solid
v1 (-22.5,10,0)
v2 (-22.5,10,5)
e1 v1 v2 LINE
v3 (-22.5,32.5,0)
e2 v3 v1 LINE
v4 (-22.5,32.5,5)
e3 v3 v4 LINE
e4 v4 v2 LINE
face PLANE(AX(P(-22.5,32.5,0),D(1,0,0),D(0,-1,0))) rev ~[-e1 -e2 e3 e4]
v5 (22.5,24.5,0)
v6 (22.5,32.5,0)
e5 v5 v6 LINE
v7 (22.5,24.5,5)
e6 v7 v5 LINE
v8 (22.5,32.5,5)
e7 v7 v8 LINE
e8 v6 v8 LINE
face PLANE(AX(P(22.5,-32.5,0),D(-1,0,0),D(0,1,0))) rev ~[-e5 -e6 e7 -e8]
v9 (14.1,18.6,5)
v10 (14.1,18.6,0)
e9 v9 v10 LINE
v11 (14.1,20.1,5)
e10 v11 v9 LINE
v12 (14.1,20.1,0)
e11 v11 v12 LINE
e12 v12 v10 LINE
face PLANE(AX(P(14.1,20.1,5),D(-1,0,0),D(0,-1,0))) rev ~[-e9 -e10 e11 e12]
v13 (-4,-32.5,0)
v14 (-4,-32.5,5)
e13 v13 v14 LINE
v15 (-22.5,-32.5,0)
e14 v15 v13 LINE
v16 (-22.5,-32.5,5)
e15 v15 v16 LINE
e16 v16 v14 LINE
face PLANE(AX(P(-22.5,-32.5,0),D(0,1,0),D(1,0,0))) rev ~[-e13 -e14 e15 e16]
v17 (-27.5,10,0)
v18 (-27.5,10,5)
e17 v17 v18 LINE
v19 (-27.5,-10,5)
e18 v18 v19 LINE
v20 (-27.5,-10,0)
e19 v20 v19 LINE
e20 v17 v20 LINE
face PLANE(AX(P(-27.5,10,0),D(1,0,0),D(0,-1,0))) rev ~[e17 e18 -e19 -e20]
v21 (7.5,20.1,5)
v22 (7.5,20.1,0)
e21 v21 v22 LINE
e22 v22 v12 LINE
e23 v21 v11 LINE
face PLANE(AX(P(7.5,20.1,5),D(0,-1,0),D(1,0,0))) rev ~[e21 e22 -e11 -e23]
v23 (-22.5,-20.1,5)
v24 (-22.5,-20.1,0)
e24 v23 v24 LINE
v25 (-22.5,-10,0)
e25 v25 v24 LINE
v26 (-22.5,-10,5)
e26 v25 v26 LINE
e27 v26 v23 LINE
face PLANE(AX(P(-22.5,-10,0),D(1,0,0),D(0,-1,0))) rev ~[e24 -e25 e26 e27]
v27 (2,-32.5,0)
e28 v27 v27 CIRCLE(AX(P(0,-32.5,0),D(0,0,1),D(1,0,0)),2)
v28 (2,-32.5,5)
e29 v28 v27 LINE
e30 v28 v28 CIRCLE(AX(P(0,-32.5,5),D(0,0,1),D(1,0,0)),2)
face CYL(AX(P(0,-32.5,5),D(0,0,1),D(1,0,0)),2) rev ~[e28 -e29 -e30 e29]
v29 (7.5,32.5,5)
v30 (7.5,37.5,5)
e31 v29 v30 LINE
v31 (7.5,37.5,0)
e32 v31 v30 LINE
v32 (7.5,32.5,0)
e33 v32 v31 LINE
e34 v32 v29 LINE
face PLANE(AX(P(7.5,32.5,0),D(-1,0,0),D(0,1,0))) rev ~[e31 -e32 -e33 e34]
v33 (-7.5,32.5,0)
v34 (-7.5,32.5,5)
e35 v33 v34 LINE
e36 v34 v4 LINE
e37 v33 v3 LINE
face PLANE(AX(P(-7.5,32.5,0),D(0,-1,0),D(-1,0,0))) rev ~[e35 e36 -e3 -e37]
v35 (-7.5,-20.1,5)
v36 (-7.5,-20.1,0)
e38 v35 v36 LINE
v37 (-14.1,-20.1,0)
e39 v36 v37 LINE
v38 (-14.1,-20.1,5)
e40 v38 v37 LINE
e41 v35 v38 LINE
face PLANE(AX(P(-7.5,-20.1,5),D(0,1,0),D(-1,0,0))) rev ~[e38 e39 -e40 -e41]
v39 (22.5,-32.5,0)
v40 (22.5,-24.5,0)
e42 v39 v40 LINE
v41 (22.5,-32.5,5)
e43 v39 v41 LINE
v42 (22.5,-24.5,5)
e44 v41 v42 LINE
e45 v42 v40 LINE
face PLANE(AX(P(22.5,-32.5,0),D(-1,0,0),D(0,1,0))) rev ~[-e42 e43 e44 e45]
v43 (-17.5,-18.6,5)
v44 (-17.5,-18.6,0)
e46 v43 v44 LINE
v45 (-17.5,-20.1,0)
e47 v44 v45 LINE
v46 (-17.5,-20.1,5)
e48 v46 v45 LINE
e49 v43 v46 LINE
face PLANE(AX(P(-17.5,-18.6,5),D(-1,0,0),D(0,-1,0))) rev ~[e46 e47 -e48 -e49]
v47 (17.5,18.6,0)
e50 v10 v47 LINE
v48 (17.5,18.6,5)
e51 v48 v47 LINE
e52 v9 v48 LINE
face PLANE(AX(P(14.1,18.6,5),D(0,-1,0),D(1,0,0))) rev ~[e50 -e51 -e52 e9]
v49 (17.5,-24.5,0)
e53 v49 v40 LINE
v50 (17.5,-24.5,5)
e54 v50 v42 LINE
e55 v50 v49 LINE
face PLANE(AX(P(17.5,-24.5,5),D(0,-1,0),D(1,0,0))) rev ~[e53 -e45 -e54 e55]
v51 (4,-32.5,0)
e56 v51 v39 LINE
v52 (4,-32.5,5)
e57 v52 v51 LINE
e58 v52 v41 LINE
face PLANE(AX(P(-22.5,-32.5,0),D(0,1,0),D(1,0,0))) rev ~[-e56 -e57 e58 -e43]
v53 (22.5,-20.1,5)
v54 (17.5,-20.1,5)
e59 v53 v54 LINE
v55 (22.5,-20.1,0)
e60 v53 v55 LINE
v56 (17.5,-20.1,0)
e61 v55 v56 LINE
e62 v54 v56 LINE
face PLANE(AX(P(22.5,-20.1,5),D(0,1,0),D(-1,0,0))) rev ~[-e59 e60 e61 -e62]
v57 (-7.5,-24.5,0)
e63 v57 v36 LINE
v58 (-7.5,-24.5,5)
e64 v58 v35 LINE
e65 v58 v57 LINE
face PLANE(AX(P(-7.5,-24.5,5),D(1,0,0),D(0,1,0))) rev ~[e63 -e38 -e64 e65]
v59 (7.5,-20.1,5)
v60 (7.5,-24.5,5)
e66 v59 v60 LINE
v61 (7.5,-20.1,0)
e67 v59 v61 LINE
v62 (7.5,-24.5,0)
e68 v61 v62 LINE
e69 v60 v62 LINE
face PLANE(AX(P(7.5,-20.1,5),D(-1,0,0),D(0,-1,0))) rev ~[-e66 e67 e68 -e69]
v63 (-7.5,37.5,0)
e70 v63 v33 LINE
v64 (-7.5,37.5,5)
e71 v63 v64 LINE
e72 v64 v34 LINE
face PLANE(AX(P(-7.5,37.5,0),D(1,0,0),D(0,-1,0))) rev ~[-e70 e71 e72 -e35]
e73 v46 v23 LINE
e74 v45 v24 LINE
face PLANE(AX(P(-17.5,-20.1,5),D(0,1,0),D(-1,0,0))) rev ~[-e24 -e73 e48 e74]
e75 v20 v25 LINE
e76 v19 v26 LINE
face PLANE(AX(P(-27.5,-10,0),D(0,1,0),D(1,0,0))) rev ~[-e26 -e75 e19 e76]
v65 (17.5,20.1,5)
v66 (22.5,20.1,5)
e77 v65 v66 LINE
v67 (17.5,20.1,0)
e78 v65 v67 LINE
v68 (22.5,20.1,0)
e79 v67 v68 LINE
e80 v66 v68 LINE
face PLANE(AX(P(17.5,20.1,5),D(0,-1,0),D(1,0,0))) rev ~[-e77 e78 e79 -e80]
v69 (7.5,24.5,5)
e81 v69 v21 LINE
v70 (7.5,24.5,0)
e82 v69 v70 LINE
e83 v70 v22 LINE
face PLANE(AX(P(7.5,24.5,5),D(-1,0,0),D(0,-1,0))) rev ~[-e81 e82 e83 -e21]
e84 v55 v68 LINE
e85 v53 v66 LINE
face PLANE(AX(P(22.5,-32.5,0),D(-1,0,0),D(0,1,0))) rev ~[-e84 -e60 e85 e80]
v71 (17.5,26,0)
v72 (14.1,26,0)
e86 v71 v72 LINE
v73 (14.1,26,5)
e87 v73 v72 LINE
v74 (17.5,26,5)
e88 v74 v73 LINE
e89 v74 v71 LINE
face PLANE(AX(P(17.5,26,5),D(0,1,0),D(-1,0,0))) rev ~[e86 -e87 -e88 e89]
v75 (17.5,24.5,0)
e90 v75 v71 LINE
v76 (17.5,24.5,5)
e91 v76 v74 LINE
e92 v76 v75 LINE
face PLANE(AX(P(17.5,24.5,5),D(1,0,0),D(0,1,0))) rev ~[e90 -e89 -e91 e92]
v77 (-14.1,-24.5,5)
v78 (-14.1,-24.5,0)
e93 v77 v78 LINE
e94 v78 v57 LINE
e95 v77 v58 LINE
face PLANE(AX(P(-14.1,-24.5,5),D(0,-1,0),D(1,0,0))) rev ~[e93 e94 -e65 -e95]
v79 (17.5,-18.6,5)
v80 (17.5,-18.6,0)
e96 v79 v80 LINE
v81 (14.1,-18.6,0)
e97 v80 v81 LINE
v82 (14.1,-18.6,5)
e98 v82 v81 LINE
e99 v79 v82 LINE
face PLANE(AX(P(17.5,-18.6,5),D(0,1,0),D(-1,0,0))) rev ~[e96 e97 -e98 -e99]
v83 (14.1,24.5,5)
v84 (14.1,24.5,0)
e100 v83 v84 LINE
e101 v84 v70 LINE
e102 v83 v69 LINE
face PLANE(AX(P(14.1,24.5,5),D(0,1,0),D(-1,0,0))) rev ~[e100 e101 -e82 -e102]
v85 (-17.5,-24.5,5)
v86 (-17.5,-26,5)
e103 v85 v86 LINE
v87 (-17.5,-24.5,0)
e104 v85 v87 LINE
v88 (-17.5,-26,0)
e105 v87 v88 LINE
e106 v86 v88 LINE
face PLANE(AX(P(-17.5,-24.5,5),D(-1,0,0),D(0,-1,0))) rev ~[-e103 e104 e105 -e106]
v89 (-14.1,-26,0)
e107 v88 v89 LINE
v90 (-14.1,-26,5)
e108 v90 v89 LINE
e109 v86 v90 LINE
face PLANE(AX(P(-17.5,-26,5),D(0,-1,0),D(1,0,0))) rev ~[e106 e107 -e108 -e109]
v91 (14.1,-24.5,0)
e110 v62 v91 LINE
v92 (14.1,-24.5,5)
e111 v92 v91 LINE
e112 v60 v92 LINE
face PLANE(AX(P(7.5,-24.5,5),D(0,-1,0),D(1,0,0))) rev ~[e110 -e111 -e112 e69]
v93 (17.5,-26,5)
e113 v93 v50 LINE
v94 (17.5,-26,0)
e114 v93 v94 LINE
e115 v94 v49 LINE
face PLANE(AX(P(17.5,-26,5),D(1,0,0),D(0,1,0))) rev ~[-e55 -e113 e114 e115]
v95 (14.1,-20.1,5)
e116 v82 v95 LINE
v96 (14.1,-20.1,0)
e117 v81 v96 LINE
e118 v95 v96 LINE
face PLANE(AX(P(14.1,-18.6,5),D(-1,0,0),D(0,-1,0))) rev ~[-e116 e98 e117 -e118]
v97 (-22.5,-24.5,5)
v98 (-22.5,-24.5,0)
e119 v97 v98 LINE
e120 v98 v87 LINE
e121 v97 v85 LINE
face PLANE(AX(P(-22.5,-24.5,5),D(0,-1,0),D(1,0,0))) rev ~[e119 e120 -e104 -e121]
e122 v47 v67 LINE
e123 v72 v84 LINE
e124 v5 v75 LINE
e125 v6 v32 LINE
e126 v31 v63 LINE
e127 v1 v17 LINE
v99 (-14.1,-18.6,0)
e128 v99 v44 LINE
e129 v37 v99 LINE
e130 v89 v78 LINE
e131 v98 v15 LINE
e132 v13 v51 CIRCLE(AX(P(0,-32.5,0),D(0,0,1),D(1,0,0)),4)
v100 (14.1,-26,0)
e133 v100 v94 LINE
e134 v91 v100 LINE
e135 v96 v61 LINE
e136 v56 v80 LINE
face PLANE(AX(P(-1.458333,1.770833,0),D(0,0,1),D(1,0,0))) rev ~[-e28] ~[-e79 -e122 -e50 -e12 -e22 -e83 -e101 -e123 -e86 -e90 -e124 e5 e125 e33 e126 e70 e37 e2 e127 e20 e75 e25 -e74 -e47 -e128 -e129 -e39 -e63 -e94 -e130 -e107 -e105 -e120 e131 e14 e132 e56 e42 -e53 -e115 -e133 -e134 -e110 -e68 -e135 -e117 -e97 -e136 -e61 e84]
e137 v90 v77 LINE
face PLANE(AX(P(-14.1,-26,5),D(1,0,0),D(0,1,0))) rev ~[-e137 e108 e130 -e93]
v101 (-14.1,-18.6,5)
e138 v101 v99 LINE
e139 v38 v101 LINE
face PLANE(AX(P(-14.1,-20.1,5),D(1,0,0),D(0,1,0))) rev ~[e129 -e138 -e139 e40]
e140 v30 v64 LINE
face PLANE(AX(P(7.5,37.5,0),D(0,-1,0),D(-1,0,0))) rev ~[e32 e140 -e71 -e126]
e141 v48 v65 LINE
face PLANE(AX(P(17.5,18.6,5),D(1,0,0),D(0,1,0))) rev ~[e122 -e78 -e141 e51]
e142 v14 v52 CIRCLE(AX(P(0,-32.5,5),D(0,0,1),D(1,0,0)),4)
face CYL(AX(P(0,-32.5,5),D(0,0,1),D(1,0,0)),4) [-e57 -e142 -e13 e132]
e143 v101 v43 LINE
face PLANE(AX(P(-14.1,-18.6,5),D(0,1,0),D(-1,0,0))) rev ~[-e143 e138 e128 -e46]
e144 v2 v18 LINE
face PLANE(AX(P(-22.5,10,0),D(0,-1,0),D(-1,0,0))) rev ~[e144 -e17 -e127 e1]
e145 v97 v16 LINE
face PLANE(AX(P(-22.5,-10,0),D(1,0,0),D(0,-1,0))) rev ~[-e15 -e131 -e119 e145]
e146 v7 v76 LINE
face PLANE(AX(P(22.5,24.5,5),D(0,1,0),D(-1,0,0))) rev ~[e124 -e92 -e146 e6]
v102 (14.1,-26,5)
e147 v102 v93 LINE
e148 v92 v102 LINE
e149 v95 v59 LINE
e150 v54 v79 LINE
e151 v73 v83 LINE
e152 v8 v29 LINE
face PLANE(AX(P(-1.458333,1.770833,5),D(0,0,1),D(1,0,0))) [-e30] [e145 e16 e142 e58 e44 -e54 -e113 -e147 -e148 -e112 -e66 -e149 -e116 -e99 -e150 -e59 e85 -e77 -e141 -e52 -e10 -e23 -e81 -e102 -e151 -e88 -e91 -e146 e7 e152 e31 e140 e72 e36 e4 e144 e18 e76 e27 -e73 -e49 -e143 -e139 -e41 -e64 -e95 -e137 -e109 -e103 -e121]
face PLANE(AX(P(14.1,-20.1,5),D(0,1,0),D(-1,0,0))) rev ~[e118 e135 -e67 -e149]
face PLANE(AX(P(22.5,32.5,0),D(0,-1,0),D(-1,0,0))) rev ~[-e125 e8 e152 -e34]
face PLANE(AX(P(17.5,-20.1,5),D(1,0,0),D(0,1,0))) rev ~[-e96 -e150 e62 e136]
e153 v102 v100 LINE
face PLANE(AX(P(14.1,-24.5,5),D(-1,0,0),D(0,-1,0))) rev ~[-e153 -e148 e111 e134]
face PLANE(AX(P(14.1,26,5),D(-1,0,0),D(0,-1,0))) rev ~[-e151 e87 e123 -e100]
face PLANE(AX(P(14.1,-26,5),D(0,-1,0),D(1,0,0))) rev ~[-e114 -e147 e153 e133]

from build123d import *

# Parameters (mm, degrees)
BOSS_EXTRUDE1_DEPTH = 5
CUT_EXTRUDE1_DEPTH  = 5
SKETCH10_R          = 4
SKETCH10_R_2        = 2
BOSS_EXTRUDE3_DEPTH = 5
SKETCH11_R          = 2
CUT_EXTRUDE3_DEPTH  = 5


with BuildPart() as part:
    # Sketch1 → Boss-Extrude1 (new body)
    with BuildSketch(Plane.XY):
        Polygon((7.5, 32.5), (7.5, 37.5), (-7.5, 37.5), (-7.5, 32.5), (-22.5, 32.5), (-22.5, 10), (-27.5, 10), (-27.5, -10), (-22.5, -10), (-22.5, -32.5), (22.5, -32.5), (22.5, 32.5), align=None)
    extrude(amount=BOSS_EXTRUDE1_DEPTH)

    # Sketch3 → Cut-Extrude1 (cut)
    with BuildSketch(Plane.XY.offset(5)):
        Polygon((22.5, 24.5), (17.5, 24.5), (17.5, 26), (14.1, 26), (14.1, 24.5), (7.5, 24.5), (7.5, 20.1), (14.1, 20.1), (14.1, 18.6), (17.5, 18.6), (17.5, 20.1), (22.5, 20.1), align=None)
        Polygon((22.5, -24.5), (22.5, -20.1), (17.5, -20.1), (17.5, -18.6), (14.1, -18.6), (14.1, -20.1), (7.5, -20.1), (7.5, -24.5), (14.1, -24.5), (14.1, -26), (17.5, -26), (17.5, -24.5), align=None)
        Polygon((-22.5, -24.5), (-17.5, -24.5), (-17.5, -26), (-14.1, -26), (-14.1, -24.5), (-7.5, -24.5), (-7.5, -20.1), (-14.1, -20.1), (-14.1, -18.6), (-17.5, -18.6), (-17.5, -20.1), (-22.5, -20.1), align=None)
    extrude(amount=-CUT_EXTRUDE1_DEPTH, mode=Mode.SUBTRACT)

    # Sketch10 → Boss-Extrude3 (add)
    with BuildSketch(Plane.XY.offset(5)):
        with Locations((0, -32.5)):
            Circle(SKETCH10_R)
        with Locations((0, -32.5)):
            Circle(SKETCH10_R_2, mode=Mode.SUBTRACT)
    extrude(amount=-BOSS_EXTRUDE3_DEPTH)

    # Sketch11 → Cut-Extrude3 (cut)
    with BuildSketch(Plane.XY.offset(5)):
        with Locations((0, -32.5)):
            Circle(SKETCH11_R)
    extrude(amount=-CUT_EXTRUDE3_DEPTH, mode=Mode.SUBTRACT)


solid = part.part
